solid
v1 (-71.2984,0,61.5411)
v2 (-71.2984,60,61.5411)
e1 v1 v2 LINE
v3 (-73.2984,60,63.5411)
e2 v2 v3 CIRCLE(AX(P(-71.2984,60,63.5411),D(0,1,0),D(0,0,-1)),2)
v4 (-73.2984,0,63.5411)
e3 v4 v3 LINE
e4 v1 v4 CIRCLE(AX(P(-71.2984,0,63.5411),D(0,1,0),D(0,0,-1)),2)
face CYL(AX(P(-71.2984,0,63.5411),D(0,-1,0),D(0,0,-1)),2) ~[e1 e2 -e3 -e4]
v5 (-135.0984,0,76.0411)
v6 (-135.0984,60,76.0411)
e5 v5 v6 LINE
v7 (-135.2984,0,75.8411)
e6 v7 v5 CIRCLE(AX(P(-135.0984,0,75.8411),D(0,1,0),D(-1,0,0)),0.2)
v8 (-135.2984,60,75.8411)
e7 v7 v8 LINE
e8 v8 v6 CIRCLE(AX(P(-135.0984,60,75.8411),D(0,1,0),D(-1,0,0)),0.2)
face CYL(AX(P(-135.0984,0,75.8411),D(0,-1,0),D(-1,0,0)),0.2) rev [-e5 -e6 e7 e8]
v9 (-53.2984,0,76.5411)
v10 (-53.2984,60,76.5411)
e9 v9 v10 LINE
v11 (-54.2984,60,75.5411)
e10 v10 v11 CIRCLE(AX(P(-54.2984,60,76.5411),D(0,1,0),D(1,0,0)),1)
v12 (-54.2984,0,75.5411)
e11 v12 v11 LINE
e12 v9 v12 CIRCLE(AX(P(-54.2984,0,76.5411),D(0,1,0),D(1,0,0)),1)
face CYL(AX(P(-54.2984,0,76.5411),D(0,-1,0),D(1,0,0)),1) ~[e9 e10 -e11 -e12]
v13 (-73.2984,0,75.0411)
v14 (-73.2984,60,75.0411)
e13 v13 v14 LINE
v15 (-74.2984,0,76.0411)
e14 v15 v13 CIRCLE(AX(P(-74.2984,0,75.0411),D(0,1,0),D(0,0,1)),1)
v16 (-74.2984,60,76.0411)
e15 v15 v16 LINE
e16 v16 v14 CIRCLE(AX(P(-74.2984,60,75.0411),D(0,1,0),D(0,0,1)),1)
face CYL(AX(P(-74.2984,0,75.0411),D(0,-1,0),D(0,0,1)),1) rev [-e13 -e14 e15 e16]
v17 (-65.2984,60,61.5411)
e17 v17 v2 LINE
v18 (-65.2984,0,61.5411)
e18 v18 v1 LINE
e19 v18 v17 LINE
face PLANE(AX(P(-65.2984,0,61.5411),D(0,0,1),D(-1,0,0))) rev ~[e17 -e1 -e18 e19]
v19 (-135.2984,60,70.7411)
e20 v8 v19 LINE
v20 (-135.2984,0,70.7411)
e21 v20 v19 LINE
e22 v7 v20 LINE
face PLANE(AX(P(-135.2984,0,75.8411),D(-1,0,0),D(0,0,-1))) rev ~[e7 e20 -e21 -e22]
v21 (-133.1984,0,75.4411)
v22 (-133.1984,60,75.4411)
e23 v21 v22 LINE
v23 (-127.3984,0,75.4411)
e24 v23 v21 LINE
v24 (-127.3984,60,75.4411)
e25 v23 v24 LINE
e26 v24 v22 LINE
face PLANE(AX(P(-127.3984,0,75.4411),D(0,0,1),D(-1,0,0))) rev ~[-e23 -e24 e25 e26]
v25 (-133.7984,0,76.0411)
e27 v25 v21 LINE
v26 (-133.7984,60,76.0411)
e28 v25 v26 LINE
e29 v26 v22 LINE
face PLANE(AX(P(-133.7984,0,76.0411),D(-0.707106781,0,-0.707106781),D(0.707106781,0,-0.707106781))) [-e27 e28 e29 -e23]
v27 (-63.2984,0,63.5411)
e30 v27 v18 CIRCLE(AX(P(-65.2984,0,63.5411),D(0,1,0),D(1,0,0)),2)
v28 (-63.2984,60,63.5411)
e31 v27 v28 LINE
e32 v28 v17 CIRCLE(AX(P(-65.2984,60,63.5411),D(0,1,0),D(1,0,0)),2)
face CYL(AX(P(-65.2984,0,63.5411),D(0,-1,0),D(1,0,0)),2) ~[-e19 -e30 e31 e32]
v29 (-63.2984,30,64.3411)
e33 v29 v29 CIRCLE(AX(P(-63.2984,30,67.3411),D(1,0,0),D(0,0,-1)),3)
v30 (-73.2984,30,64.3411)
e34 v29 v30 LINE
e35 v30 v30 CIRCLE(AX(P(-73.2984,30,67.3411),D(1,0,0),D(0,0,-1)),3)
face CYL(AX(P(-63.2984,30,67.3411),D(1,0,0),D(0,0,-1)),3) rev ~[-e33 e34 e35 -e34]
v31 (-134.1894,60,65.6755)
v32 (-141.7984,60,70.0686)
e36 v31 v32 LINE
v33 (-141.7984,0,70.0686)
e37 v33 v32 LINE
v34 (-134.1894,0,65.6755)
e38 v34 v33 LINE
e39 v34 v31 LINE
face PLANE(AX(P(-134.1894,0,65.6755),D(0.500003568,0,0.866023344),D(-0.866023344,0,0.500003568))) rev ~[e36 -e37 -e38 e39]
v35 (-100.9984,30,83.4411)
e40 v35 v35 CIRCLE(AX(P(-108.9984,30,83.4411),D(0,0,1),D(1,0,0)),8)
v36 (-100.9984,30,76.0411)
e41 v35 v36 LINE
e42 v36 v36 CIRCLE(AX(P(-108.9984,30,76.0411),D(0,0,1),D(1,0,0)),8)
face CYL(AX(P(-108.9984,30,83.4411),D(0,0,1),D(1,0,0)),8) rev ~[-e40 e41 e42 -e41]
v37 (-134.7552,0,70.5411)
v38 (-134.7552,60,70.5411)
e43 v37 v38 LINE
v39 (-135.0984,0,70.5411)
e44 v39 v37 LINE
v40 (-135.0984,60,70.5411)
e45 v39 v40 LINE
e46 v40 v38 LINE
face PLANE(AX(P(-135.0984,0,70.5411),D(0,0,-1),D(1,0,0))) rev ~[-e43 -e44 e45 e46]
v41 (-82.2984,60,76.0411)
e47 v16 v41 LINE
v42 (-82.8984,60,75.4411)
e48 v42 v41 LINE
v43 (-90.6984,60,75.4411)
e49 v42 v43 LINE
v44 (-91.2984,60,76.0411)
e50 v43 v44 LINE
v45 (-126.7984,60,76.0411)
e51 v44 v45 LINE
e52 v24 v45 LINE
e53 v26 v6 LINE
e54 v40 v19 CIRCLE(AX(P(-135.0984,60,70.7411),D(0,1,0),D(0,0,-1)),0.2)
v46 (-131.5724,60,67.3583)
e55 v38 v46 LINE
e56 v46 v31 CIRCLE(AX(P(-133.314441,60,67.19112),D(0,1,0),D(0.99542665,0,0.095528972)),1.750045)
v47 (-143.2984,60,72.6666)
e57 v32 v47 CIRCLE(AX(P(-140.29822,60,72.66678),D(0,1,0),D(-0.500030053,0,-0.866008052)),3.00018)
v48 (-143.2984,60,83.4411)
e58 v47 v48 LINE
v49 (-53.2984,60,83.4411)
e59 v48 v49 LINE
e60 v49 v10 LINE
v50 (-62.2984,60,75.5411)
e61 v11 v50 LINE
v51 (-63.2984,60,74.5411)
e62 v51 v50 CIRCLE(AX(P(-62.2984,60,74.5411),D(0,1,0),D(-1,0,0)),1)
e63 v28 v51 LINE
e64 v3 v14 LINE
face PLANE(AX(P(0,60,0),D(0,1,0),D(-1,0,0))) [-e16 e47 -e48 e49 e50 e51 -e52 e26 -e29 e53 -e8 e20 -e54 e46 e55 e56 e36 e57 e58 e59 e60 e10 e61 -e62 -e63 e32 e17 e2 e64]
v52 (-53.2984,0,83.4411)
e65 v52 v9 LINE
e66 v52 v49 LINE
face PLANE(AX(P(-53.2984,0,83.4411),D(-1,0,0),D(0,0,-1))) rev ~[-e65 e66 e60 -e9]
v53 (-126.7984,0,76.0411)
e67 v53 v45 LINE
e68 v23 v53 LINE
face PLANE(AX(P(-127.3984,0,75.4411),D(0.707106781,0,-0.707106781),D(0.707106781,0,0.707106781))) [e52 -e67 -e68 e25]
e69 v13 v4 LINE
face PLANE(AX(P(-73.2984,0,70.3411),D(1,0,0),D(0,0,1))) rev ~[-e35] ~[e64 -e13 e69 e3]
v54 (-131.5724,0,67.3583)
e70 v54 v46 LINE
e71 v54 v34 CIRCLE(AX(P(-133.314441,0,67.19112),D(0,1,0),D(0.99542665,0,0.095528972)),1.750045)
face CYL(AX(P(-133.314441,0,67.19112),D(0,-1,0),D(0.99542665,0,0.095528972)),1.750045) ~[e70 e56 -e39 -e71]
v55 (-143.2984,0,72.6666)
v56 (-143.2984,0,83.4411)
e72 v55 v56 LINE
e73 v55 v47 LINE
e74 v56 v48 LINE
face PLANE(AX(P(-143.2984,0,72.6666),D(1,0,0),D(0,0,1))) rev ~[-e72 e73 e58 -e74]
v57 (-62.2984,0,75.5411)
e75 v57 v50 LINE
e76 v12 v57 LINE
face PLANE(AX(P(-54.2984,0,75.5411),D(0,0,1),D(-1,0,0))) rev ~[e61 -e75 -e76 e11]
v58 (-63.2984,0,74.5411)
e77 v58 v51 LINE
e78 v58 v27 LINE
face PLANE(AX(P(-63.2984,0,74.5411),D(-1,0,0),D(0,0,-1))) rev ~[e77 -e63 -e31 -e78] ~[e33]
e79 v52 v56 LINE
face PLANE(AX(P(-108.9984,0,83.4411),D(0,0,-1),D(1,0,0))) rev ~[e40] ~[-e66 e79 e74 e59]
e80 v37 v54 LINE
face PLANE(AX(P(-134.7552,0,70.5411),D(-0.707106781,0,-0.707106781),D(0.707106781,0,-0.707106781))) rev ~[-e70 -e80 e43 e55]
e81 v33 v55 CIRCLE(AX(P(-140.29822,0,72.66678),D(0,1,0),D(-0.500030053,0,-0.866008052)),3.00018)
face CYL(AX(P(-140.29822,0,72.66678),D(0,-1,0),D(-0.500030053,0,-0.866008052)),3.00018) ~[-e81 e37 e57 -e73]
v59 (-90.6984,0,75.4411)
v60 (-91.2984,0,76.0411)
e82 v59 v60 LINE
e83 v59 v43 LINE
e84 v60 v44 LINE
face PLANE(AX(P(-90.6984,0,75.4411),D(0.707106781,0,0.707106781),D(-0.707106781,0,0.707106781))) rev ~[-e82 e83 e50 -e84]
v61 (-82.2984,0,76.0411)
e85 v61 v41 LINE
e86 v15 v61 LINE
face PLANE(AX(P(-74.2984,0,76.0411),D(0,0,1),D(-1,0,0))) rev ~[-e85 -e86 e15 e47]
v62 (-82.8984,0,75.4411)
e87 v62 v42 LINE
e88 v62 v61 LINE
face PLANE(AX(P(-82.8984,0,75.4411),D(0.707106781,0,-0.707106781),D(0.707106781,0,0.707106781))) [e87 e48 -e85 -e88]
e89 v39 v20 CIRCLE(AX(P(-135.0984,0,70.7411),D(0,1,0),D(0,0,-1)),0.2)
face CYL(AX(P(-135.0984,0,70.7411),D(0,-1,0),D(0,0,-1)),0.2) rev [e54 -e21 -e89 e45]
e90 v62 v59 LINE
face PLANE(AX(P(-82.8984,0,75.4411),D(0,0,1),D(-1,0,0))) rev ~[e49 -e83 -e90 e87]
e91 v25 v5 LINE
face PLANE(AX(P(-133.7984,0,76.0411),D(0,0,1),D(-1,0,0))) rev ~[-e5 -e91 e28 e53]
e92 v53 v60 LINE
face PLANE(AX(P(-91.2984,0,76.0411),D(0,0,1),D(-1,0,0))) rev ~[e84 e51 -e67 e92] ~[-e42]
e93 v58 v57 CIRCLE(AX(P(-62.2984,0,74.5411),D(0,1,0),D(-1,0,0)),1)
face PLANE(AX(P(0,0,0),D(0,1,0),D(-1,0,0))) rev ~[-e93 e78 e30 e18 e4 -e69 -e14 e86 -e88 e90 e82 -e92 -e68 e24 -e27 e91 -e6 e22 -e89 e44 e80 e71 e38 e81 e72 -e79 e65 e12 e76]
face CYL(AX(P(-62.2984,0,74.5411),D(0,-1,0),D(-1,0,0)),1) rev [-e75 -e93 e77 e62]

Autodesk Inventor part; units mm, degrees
ref_plane "YZ Plane" through (0, 0, 0) normal (1, 0, 0) x (0, 1, 0)
ref_plane "XZ Plane" through (0, 0, 0) normal (0, 1, 0) x (-1, 0, 0)
ref_plane "XY Plane" through (0, 0, 0) normal (0, 0, 1) x (1, 0, 0)
sketch "スケッチ1" plane through (0, 0, 0) normal (0, 1, 0) x (-1, 0, 0)
  line L0 (-49.8489, 61.5411) -> (-49.8489, 83.4411)
  line L1 (-49.8489, 83.4411) -> (10.1511, 83.4411)
  line L2 (10.1511, 83.4411) -> (10.1511, 61.5411)
  line L3 (10.1511, 61.5411) -> (-8.8489, 61.5411)
  line L4 (-8.8489, 56.3412) -> (-8.8489, 74.3411)
  line L5 (-8.8489, 74.3411) -> (-15.9758, 74.3411)
  line L6 (-23.7218, 74.3411) -> (-30.8489, 74.3411)
  line L7 (-30.8489, 74.3411) -> (-30.8489, 56.3412)
  line L8 (-30.8489, 56.3411) -> (-8.8489, 56.3411)
  circle A0 centre (-19.8489, 67.3411) radius 8
  circle A1 centre (-19.8489, 67.3411) radius 7.5
  line L9 (-30.8489, 61.5411) -> (-49.8489, 61.5411)
  line L10 (-49.8489, 75.5411) -> (10.1511, 75.5411)
  line L11 (53.2984, 117.706) -> (53.2984, 177.706)
  line L12 (53.2984, 177.706) -> (143.2984, 177.706)
  line L13 (143.2984, 177.706) -> (143.2984, 117.706)
  line L14 (143.2984, 117.706) -> (53.2984, 117.706)
  circle A2 centre (83.9984, 122.706) radius 1.5
  circle A3 centre (83.9984, 147.706) radius 1.5
  circle A4 centre (93.9984, 147.706) radius 2.25
  circle A5 centre (83.9984, 172.706) radius 1.5
  circle A6 centre (108.9984, 172.706) radius 1.5
  circle A7 centre (133.9984, 172.706) radius 1.5
  circle A8 centre (133.9984, 147.706) radius 1.5
  circle A9 centre (123.9984, 147.706) radius 2.25
  circle A10 centre (108.9984, 147.706) radius 7.5
  circle A11 centre (108.9984, 122.706) radius 1.5
  circle A12 centre (133.9984, 122.706) radius 1.5
  line L15 (174.3262, 83.4411) -> (174.3262, 61.5411)
  line L16 (174.3262, 61.5411) -> (193.3262, 61.5411)
  line L17 (193.3262, 65.4411) -> (193.3262, 56.3412)
  line L18 (193.3262, 56.3411) -> (215.3262, 56.3411)
  line L19 (215.3262, 56.3412) -> (215.3262, 65.4411)
  line L20 (215.3262, 61.5411) -> (234.3263, 61.5411)
  line L21 (234.3263, 61.5411) -> (234.3263, 83.4411)
  line L22 (234.3263, 83.4411) -> (174.3262, 83.4411)
  line L23 (234.3263, 65.4411) -> (174.3262, 65.4411)
  line L24 (143.2984, 25.0403) -> (53.2984, 25.0403)
  line L25 (53.2984, 25.0403) -> (53.2984, -34.9597)
  line L26 (53.2984, -34.9597) -> (143.2984, -34.9597)
  line L27 (143.2984, -34.9597) -> (143.2984, 25.0403)
  line L28 (131.5644, 25.0403) -> (131.5644, -34.9597)
  circle A13 centre (108.9984, -29.9597) radius 1.5
  circle A14 centre (108.9984, -4.9597) radius 7.5
  circle A15 centre (123.9984, -4.9597) radius 2.25
  circle A16 centre (123.9984, -4.9597) radius 4
  circle A17 centre (108.9984, 20.0403) radius 1.5
  circle A18 centre (83.9984, 20.0403) radius 1.5
  line L29 (73.2984, 25.0403) -> (73.2984, 6.0403)
  line L30 (86.3001, -15.9597) -> (86.3001, 6.0403)
  line L31 (86.3001, 6.0403) -> (53.3001, 6.0403)
  line L32 (53.3001, 6.0403) -> (53.3001, -15.9597)
  line L33 (53.3001, -15.9597) -> (86.3001, -15.9597)
  line L34 (73.2984, -15.9597) -> (73.2984, -34.9597)
  line L35 (63.2984, -34.9597) -> (63.2984, -15.9597)
  line L36 (63.2984, 6.0403) -> (63.2984, 25.0403)
  circle A19 centre (83.9984, -29.9597) radius 1.5
  circle A20 centre (93.9984, -4.9597) radius 2.25
  circle A21 centre (93.9984, -4.9597) radius 4
  line L37 (-19.8489, 49.2711) -> (-19.8489, 87.2696)
  line L38 (-6.1616, 67.3411) -> (-35.9585, 67.3411)
  line L39 (83.9984, 23.5784) -> (83.9984, 16.5836)
  circle A22 centre (83.9984, 20.0403) radius 2
  line L40 (80.6576, 20.0403) -> (87.5893, 20.0403)
  line L41 (93.9984, 1.0394) -> (93.9984, -10.6526)
  line L42 (83.9984, -26.503) -> (83.9984, -33.4978)
  circle A23 centre (83.9984, -29.9597) radius 2
  line L43 (80.6576, -29.9597) -> (87.5893, -29.9597)
  line L44 (29.8273, -4.9597) -> (148.6488, -4.9597)
  line L45 (123.9984, -10.6526) -> (123.9984, 1.0394)
  line L46 (112.4368, 20.0403) -> (105.6741, 20.0403)
  circle A24 centre (108.9984, 20.0403) radius 2
  line L47 (108.9984, 32.4142) -> (108.9984, -41.5197)
  circle A25 centre (108.9984, -29.9597) radius 2
  line L48 (105.4074, -29.9597) -> (112.8092, -29.9597)
  circle A26 centre (108.9984, -4.9597) radius 8
  line L49 (108.9984, 111.8823) -> (108.9984, 183.8068)
  circle A27 centre (108.9984, 172.706) radius 2
  line L50 (105.6741, 172.706) -> (112.4368, 172.706)
  line L51 (130.4749, 172.706) -> (137.3391, 172.706)
  circle A28 centre (133.9984, 172.706) radius 2
  line L52 (133.9984, 169.2493) -> (133.9984, 176.2441)
  line L53 (123.9984, 153.3988) -> (123.9984, 141.7069)
  circle A29 centre (123.9984, 147.706) radius 4
  circle A30 centre (133.9984, 147.706) radius 2
  line L54 (133.9984, 151.0572) -> (133.9984, 144.2493)
  line L55 (148.6488, 147.706) -> (29.8273, 147.706)
  circle A31 centre (83.9984, 147.706) radius 2
  line L56 (83.9984, 151.0572) -> (83.9984, 144.2493)
  line L57 (93.9984, 141.7069) -> (93.9984, 153.3988)
  circle A32 centre (93.9984, 147.706) radius 4
  line L58 (83.9984, 169.2493) -> (83.9984, 176.2441)
  circle A33 centre (83.9984, 172.706) radius 2
  line L59 (80.6576, 172.706) -> (87.5893, 172.706)
  circle A34 centre (108.9984, 147.706) radius 8
  circle A35 centre (108.9984, 122.706) radius 2
  line L60 (105.4074, 122.706) -> (112.8092, 122.706)
  line L61 (130.8446, 122.706) -> (137.3391, 122.706)
  circle A36 centre (133.9984, 122.706) radius 2
  line L62 (133.9984, 126.1627) -> (133.9984, 119.1679)
  line L63 (87.5893, 122.706) -> (80.6576, 122.706)
  circle A37 centre (83.9984, 122.706) radius 2
  line L64 (83.9984, 126.1627) -> (83.9984, 119.1679)
  line L65 (204.3262, 87.2696) -> (204.3262, 49.2711)
  line L66 (176.3262, 70.0686) -> (232.3263, 70.0686)
  line L67 (82.1365, 4.0403) -> (82.1365, -13.9597)
  line L68 (51.8001, 144.706) -> (51.8001, 150.706)
  line L69 (53.2984, 150.706) -> (51.8001, 150.706)
  line L70 (53.2984, 144.706) -> (51.8001, 144.706)
  line L71 (33.8001, 155.206) -> (33.8001, 140.206)
  line L72 (33.8001, 140.206) -> (34.3001, 139.706)
  line L73 (34.3001, 139.706) -> (51.3001, 139.706)
  line L74 (51.3001, 139.706) -> (51.8001, 140.206)
  line L75 (51.8001, 140.206) -> (51.8001, 155.206)
  line L76 (51.8001, 155.206) -> (51.3001, 155.706)
  line L77 (51.3001, 155.706) -> (34.3001, 155.706)
  line L78 (34.3001, 155.706) -> (33.8001, 155.206)
  line L79 (34.3001, 155.706) -> (34.3001, 139.706)
  line L80 (51.3001, 139.706) -> (51.3001, 155.706)
  line L81 (51.8001, -7.9597) -> (51.8001, -1.9597)
  line L82 (53.3001, -1.9597) -> (51.8001, -1.9597)
  line L83 (53.3001, -7.9597) -> (51.8001, -7.9597)
  line L84 (33.8001, 2.5403) -> (33.8001, -12.4597)
  line L85 (33.8001, -12.4597) -> (34.3001, -12.9597)
  line L86 (34.3001, -12.9597) -> (51.3001, -12.9597)
  line L87 (51.3001, -12.9597) -> (51.8001, -12.4597)
  line L88 (51.8001, -12.4597) -> (51.8001, 2.5403)
  line L89 (51.8001, 2.5403) -> (51.3001, 3.0403)
  line L90 (51.3001, 3.0403) -> (34.3001, 3.0403)
  line L91 (34.3001, 3.0403) -> (33.8001, 2.5403)
  line L92 (34.3001, 3.0403) -> (34.3001, -12.9597)
  line L93 (51.3001, -12.9597) -> (51.3001, 3.0403)
  line L94 (28.0972, 67.3411) -> (83.3407, 67.3411)
  line L95 (82.8984, 75.4411) -> (90.6984, 75.4411)
  line L96 (127.3984, 75.4411) -> (133.1984, 75.4411)
  line L97 (134.7552, 70.5411) -> (131.5724, 67.3583)
  line L98 (82.4415, 71.3411) -> (86.3001, 67.4825)
  line L99 (78.3001, 69.4911) -> (75.8001, 69.4911)
  line L100 (78.3001, 65.1911) -> (75.8001, 65.1911)
  line L101 (75.8001, 64.8411) -> (75.8001, 69.8411)
  line L102 (75.3001, 70.3411) -> (73.1569, 70.3411)
  line L103 (75.3001, 64.3411) -> (73.1569, 64.3411)
  line L104 (75.8001, 69.8411) -> (73.1569, 69.8411)
  line L105 (75.8001, 64.8411) -> (73.1569, 64.8411)
  line L106 (51.8001, 64.3411) -> (51.8001, 70.3411)
  line L107 (53.3001, 70.3411) -> (51.8001, 70.3411)
  line L108 (53.3001, 64.3411) -> (51.8001, 64.3411)
  line L109 (33.8001, 74.8411) -> (33.8001, 59.8411)
  line L110 (33.8001, 59.8411) -> (34.3001, 59.3411)
  line L111 (34.3001, 59.3411) -> (51.3001, 59.3411)
  line L112 (51.3001, 59.3411) -> (51.8001, 59.8411)
  line L113 (51.8001, 59.8411) -> (51.8001, 74.8411)
  line L114 (51.8001, 74.8411) -> (51.3001, 75.3411)
  line L115 (51.3001, 75.3411) -> (34.3001, 75.3411)
  line L116 (34.3001, 75.3411) -> (33.8001, 74.8411)
  line L117 (34.3001, 75.3411) -> (34.3001, 59.3411)
  line L118 (51.3001, 59.3411) -> (51.3001, 75.3411)
  line L119 (54.3001, 74.3411) -> (60.3001, 74.3411)
  line L120 (54.3001, 56.3411) -> (80.2082, 56.3411)
  line L121 (53.3001, 57.3411) -> (53.3001, 73.3411)
  line L122 (86.3001, 60.5366) -> (86.3001, 67.4825)
  line L123 (61.3001, 62.3411) -> (61.3001, 73.3411)
  line L124 (62.3001, 61.3411) -> (77.3001, 61.3411)
  line L125 (78.3001, 62.3411) -> (78.3001, 70.3411)
  line L126 (79.3001, 71.3411) -> (82.4415, 71.3411)
  line L127 (82.1365, 57.0429) -> (86.3001, 60.5366)
  arc A38 (80.2082, 56.3411) -> (82.1365, 57.0429) centre (80.2082, 59.3411) ccw
  arc A39 (54.3001, 74.3411) -> (53.3001, 73.3411) centre (54.3001, 73.3411) ccw
  arc A40 (61.3001, 73.3411) -> (60.3001, 74.3411) centre (60.3001, 73.3411) ccw
  arc A41 (53.3001, 57.3411) -> (54.3001, 56.3411) centre (54.3001, 57.3411) ccw
  arc A42 (61.3001, 62.3411) -> (62.3001, 61.3411) centre (62.3001, 62.3411) ccw
  arc A43 (77.3001, 61.3411) -> (78.3001, 62.3411) centre (77.3001, 62.3411) ccw
  arc A44 (79.3001, 71.3411) -> (78.3001, 70.3411) centre (79.3001, 70.3411) ccw
  line L128 (63.1569, 70.3411) -> (61.3001, 70.3411)
  line L129 (63.1569, 69.8411) -> (61.3001, 69.8411)
  line L130 (63.1569, 64.8411) -> (61.3001, 64.8411)
  line L131 (63.1569, 64.3411) -> (61.3001, 64.3411)
  line L132 (75.3001, 70.3411) -> (75.8001, 69.8411)
  line L133 (75.3001, 64.3411) -> (75.8001, 64.8411)
  arc A45 (63.2984, 63.5411) -> (65.2984, 61.5411) centre (65.2984, 63.5411) ccw
  line L134 (65.2984, 61.5411) -> (71.2984, 61.5411)
  arc A46 (71.2984, 61.5411) -> (73.2984, 63.5411) centre (71.2984, 63.5411) ccw
  line L135 (73.2984, 63.5411) -> (73.2984, 75.0411)
  line L136 (135.2984, 75.8411) -> (135.2984, 70.7411)
  line L137 (143.2984, 72.6666) -> (143.2984, 83.4411)
  line L138 (143.2984, 83.4411) -> (53.2984, 83.4411)
  line L139 (53.2984, 83.4411) -> (53.2984, 76.5411)
  arc A47 (53.2984, 76.5411) -> (54.2984, 75.5411) centre (54.2984, 76.5411) ccw
  line L140 (54.2984, 75.5411) -> (62.2984, 75.5411)
  arc A48 (63.2984, 74.5411) -> (62.2984, 75.5411) centre (62.2984, 74.5411) ccw
  line L141 (63.2984, 74.5411) -> (63.2984, 63.5411)
  line L142 (74.2984, 76.0411) -> (82.2984, 76.0411)
  line L143 (133.7984, 76.0411) -> (133.1984, 75.4411)
  line L144 (127.3984, 75.4411) -> (126.7984, 76.0411)
  line L145 (90.6984, 75.4411) -> (91.2984, 76.0411)
  line L146 (82.8984, 75.4411) -> (82.2984, 76.0411)
  line L147 (91.2984, 76.0411) -> (126.7984, 76.0411)
  arc A49 (74.2984, 76.0411) -> (73.2984, 75.0411) centre (74.2984, 75.0411) ccw
  line L148 (133.7984, 76.0411) -> (135.0984, 76.0411)
  arc A50 (135.2984, 75.8411) -> (135.0984, 76.0411) centre (135.0984, 75.8411) ccw
  line L149 (135.0984, 70.5411) -> (134.7552, 70.5411)
  arc A51 (135.0984, 70.5411) -> (135.2984, 70.7411) centre (135.0984, 70.7411) ccw
  arc A52 (131.5724, 67.3583) -> (134.1894, 65.6755) centre (133.3144, 67.1911) ccw
  line L150 (134.1894, 65.6755) -> (141.7984, 70.0686)
  arc A53 (141.7984, 70.0686) -> (143.2984, 72.6666) centre (140.2984, 72.6666) ccw
  line L151 (124.9984, 127.8911) -> (124.9984, 123.5209)
  line L152 (127.1835, 125.706) -> (122.8133, 125.706)
  circle A54 centre (124.9984, 125.706) radius 1
  circle A55 centre (124.9984, 125.706) radius 1.5
  line L153 (124.9984, 167.5209) -> (124.9984, 171.8911)
  line L154 (127.1835, 169.706) -> (122.8133, 169.706)
  circle A56 centre (124.9984, 169.706) radius 1
  circle A57 centre (124.9984, 169.706) radius 1.5
  line L155 (58.9984, 127.8911) -> (58.9984, 123.5209)
  line L156 (61.1835, 125.706) -> (56.8133, 125.706)
  circle A58 centre (58.9984, 125.706) radius 1
  circle A59 centre (58.9984, 125.706) radius 1.5
  line L157 (58.9984, 167.5209) -> (58.9984, 171.8911)
  line L158 (61.1835, 169.706) -> (56.8133, 169.706)
  circle A60 centre (58.9984, 169.706) radius 1
  circle A61 centre (58.9984, 169.706) radius 1.5
  line L159 (34.3001, 154.706) -> (49.1751, 154.706)
  line L160 (34.3001, 153.706) -> (47.0501, 153.706)
  line L161 (34.3001, 152.706) -> (44.9251, 152.706)
  line L162 (34.3001, 151.706) -> (42.8001, 151.706)
  line L163 (34.3001, 150.706) -> (40.6751, 150.706)
  line L164 (34.3001, 149.706) -> (38.5501, 149.706)
  line L165 (34.3001, 148.706) -> (36.4251, 148.706)
  line L166 (34.3001, 2.0403) -> (49.1751, 2.0403)
  line L167 (34.3001, 1.0403) -> (47.0501, 1.0403)
  line L168 (34.3001, 0.0403) -> (44.9251, 0.0403)
  line L169 (34.3001, -0.9597) -> (42.8001, -0.9597)
  line L170 (34.3001, -1.9597) -> (40.6751, -1.9597)
  line L171 (34.3001, -2.9597) -> (38.5501, -2.9597)
  line L172 (34.3001, -3.9597) -> (36.4251, -3.9597)
  line L173 (108.9984, 51.8579) -> (108.9984, 88.7279)
  line L174 (34.3001, 74.3411) -> (49.1751, 74.3411)
  line L175 (34.3001, 73.3411) -> (47.0501, 73.3411)
  line L176 (34.3001, 72.3411) -> (44.9251, 72.3411)
  line L177 (34.3001, 71.3411) -> (42.8001, 71.3411)
  line L178 (34.3001, 70.3411) -> (40.6751, 70.3411)
  line L179 (34.3001, 69.3411) -> (38.5501, 69.3411)
  line L180 (34.3001, 68.3411) -> (36.4251, 68.3411)
  point P0 (0, 0)
  point P1 (209.8216, -24.5126)
  point P2 (209.8216, -11.7034)
  point P3 (131.5724, 67.3583)
  point P4 (134.1894, 65.6755)
  point P5 (141.7984, 70.0686)
  point P6 (54.2984, 75.5411)
  point P7 (63.2984, 67.3411)
  point P8 (73.2984, 67.3411)
extrude "押し出し1" add sketch "スケッチ1" along normal blind 60 contours L141 A48 L140 A47 L139 L138 L173 L147 L145 L95 L146 L142 A49 L135 L94 | L94 L135 A46 L134 A45 L141 | L138 L137 A53 L150 A52 L97 L149 A51 L136 A50 L148 L143 L96 L144 L147 L173
sketch "スケッチ2" plane through (-143.2984, 0, 83.4411) normal (0, 0, 1) x (1, 0, 0)
  line L0 (0, 0) -> (0, 60) projected
  line L1 (0, 30) -> (34.3, 30) construction
  circle A0 centre (34.3, 30) radius 8
  point P0 (143.2984, 0)
  dimension "d2" = 34.3
  dimension "d3" = 16
extrude "押し出し2" cut sketch "スケッチ2" against normal through all
thread "ねじ1" size "M16x2" class "6H" standard "ANSI Metric M Profile" full length
sketch "スケッチ4" plane through (-63.2984, 0, 74.5411) normal (1, 0, 0) x (0, 0, -1)
  line L0 (13, 0) -> (13, 60) projected
  line L1 (13, 30) -> (7.2, 30) construction
  circle A0 centre (7.2, 30) radius 3
  point P0 (74.5411, 0)
  dimension "d14" = 5.8
  dimension "d15" = 6
extrude "押し出し4" cut sketch "スケッチ4" against normal blind 10
thread "ねじ3" size "M6x1" class "6H" standard "ANSI Metric M Profile" full length
properties part number "caria_base" material "UHMW、黒"
